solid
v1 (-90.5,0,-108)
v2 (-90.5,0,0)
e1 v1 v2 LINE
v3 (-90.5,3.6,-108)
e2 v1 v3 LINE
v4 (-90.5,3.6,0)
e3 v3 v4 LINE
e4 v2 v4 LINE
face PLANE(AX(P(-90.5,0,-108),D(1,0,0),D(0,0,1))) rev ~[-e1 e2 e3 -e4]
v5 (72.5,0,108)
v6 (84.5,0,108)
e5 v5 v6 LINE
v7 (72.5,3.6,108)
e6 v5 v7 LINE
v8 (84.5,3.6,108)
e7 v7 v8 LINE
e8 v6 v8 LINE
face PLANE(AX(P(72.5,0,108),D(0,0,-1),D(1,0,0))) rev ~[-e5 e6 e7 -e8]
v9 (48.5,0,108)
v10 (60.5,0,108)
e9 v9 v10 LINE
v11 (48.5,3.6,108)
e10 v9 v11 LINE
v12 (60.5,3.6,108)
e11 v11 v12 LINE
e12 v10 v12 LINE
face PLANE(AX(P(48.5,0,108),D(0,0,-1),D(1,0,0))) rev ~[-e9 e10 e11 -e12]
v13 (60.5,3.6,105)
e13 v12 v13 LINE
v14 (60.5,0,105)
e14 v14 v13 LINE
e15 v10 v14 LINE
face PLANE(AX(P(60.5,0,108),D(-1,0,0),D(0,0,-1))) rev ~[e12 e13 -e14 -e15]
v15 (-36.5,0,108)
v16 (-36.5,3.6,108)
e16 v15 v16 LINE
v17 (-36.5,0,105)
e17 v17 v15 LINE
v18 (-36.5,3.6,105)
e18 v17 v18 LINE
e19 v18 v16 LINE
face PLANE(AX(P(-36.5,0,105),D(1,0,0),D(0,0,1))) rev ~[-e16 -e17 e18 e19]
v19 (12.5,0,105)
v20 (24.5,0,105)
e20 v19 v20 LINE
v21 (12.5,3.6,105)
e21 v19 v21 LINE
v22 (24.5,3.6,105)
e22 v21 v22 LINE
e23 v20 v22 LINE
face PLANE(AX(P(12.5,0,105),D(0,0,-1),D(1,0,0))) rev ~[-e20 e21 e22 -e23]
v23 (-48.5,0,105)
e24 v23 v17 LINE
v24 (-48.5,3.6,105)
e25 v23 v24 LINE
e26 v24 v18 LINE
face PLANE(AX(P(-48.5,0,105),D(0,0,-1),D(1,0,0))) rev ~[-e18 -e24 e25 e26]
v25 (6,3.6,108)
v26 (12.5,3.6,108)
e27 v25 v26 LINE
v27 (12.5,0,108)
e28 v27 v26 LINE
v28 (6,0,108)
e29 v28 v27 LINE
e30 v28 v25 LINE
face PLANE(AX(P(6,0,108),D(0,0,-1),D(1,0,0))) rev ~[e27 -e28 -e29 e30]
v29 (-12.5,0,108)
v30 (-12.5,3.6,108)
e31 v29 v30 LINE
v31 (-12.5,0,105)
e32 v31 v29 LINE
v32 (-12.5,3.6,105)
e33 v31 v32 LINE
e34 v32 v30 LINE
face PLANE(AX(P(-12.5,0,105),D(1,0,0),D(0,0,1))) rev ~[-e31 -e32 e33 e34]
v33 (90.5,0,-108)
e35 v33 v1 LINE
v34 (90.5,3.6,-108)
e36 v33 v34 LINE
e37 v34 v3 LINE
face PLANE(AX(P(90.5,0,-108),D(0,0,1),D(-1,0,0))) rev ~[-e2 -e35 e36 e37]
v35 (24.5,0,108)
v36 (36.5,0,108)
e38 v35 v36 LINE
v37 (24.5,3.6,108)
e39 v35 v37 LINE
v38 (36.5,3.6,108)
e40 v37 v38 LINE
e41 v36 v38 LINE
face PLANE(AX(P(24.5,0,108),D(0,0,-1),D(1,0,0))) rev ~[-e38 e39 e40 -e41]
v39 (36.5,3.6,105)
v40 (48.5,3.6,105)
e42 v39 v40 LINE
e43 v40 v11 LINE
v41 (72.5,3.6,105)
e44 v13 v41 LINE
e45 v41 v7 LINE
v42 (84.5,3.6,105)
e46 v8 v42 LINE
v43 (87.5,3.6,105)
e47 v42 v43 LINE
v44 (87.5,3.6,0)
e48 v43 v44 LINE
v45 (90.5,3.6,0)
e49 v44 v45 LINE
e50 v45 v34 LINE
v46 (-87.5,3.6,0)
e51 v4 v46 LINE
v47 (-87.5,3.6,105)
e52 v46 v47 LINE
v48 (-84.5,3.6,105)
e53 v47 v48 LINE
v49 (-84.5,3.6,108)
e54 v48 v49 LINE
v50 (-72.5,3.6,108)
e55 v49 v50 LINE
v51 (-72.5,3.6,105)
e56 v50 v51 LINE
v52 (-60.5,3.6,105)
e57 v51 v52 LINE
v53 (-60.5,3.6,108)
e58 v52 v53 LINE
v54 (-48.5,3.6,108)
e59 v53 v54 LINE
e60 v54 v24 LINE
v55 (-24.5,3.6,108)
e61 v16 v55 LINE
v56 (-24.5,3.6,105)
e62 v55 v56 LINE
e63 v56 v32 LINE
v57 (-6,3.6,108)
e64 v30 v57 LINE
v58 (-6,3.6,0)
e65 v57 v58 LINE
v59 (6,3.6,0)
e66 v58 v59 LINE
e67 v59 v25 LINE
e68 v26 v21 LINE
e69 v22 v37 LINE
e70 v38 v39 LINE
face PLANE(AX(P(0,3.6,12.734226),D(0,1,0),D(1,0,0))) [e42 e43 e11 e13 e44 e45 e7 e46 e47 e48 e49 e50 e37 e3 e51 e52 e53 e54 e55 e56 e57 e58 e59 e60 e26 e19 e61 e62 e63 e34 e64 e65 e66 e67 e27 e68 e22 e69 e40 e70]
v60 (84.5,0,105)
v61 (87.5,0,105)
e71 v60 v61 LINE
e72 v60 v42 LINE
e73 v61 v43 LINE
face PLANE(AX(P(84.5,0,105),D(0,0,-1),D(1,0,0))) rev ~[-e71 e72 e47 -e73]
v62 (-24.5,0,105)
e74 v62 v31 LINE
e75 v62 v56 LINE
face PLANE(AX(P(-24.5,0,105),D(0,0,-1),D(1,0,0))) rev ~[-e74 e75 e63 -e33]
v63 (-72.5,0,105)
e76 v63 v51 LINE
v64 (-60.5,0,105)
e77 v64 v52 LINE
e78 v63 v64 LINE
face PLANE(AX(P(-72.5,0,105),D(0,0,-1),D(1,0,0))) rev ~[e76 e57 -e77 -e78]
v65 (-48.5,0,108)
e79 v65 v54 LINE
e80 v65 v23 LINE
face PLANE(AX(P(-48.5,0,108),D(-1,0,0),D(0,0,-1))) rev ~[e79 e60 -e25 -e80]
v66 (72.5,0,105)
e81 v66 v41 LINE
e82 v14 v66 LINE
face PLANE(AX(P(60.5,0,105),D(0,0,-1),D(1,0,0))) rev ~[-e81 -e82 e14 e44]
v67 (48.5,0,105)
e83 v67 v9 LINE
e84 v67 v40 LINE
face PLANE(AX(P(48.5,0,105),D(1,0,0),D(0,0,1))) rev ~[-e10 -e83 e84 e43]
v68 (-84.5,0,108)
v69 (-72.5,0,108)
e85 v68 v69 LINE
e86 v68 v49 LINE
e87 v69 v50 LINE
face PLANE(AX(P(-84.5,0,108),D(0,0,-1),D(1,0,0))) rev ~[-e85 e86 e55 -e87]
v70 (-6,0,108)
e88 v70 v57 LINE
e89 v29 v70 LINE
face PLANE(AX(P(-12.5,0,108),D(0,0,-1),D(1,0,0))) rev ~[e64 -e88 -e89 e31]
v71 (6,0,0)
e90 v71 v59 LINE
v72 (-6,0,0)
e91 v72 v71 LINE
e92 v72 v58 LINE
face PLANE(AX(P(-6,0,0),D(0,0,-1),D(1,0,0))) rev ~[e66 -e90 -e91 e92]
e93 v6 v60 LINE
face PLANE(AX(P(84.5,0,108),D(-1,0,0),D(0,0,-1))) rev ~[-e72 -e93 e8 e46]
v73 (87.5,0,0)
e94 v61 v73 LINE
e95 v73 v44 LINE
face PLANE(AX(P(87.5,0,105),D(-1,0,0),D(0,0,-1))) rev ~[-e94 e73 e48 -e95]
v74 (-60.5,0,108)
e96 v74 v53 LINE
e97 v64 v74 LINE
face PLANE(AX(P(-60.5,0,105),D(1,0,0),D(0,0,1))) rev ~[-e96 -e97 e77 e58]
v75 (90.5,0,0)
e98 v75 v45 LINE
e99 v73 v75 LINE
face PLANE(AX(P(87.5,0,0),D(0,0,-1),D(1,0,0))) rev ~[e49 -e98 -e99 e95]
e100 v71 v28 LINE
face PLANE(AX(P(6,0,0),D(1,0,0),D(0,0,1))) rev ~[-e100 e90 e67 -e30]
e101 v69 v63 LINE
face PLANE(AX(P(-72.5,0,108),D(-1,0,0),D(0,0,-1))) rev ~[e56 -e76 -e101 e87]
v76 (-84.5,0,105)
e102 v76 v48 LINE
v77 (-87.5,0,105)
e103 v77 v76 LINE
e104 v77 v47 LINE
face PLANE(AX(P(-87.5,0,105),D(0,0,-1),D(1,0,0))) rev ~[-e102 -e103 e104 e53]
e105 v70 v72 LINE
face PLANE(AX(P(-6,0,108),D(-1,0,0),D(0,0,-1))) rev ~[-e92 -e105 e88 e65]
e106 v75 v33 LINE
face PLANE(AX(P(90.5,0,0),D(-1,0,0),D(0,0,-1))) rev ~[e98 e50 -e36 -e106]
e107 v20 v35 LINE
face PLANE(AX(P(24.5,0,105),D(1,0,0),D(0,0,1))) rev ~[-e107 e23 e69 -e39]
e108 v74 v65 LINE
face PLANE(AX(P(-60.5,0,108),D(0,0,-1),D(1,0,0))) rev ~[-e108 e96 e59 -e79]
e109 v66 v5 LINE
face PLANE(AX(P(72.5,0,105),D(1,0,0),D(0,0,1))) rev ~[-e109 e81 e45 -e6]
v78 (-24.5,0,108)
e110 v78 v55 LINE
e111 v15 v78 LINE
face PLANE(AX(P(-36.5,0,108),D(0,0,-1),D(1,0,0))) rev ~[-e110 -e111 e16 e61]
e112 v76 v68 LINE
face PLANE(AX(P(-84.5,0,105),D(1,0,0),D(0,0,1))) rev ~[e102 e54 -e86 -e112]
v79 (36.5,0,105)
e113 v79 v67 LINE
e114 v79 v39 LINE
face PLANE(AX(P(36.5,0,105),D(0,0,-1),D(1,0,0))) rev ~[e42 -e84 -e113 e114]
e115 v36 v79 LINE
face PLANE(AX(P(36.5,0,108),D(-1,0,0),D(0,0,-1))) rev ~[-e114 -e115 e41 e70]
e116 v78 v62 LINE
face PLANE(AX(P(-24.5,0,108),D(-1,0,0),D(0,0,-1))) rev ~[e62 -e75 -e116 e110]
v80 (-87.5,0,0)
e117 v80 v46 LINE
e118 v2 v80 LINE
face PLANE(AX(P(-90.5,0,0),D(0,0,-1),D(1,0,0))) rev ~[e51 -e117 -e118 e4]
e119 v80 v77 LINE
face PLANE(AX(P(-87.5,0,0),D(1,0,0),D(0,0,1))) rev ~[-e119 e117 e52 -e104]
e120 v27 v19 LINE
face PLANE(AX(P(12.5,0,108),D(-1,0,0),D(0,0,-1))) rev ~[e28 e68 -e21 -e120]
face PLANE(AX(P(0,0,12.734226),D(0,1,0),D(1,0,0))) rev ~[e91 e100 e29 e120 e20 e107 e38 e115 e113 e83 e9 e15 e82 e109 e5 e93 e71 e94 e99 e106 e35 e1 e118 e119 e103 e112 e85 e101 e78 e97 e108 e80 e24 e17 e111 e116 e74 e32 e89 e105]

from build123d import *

# Parameters (mm, degrees)
BOSS_EXTRUDE1_DEPTH = 3.6


with BuildPart() as part:
    # Sketch1 → Boss-Extrude1 (new body)
    with BuildSketch(Plane(origin=(0, 0, 0), x_dir=(1, 0, 0), z_dir=(0, 1, 0))):
        Polygon((-90.5, 0), (-87.5, 0), (-87.5, -105), (-84.5, -105), (-84.5, -108), (-72.5, -108), (-72.5, -105), (-60.5, -105), (-60.5, -108), (-48.5, -108), (-48.5, -105), (-36.5, -105), (-36.5, -108), (-24.5, -108), (-24.5, -105), (-12.5, -105), (-12.5, -108), (-6, -108), (-6, 0), (6, 0), (6, -108), (12.5, -108), (12.5, -105), (24.5, -105), (24.5, -108), (36.5, -108), (36.5, -105), (48.5, -105), (48.5, -108), (60.5, -108), (60.5, -105), (72.5, -105), (72.5, -108), (84.5, -108), (84.5, -105), (87.5, -105), (87.5, 0), (90.5, 0), (90.5, 108), (-90.5, 108), align=None)
    extrude(amount=BOSS_EXTRUDE1_DEPTH)


solid = part.part
